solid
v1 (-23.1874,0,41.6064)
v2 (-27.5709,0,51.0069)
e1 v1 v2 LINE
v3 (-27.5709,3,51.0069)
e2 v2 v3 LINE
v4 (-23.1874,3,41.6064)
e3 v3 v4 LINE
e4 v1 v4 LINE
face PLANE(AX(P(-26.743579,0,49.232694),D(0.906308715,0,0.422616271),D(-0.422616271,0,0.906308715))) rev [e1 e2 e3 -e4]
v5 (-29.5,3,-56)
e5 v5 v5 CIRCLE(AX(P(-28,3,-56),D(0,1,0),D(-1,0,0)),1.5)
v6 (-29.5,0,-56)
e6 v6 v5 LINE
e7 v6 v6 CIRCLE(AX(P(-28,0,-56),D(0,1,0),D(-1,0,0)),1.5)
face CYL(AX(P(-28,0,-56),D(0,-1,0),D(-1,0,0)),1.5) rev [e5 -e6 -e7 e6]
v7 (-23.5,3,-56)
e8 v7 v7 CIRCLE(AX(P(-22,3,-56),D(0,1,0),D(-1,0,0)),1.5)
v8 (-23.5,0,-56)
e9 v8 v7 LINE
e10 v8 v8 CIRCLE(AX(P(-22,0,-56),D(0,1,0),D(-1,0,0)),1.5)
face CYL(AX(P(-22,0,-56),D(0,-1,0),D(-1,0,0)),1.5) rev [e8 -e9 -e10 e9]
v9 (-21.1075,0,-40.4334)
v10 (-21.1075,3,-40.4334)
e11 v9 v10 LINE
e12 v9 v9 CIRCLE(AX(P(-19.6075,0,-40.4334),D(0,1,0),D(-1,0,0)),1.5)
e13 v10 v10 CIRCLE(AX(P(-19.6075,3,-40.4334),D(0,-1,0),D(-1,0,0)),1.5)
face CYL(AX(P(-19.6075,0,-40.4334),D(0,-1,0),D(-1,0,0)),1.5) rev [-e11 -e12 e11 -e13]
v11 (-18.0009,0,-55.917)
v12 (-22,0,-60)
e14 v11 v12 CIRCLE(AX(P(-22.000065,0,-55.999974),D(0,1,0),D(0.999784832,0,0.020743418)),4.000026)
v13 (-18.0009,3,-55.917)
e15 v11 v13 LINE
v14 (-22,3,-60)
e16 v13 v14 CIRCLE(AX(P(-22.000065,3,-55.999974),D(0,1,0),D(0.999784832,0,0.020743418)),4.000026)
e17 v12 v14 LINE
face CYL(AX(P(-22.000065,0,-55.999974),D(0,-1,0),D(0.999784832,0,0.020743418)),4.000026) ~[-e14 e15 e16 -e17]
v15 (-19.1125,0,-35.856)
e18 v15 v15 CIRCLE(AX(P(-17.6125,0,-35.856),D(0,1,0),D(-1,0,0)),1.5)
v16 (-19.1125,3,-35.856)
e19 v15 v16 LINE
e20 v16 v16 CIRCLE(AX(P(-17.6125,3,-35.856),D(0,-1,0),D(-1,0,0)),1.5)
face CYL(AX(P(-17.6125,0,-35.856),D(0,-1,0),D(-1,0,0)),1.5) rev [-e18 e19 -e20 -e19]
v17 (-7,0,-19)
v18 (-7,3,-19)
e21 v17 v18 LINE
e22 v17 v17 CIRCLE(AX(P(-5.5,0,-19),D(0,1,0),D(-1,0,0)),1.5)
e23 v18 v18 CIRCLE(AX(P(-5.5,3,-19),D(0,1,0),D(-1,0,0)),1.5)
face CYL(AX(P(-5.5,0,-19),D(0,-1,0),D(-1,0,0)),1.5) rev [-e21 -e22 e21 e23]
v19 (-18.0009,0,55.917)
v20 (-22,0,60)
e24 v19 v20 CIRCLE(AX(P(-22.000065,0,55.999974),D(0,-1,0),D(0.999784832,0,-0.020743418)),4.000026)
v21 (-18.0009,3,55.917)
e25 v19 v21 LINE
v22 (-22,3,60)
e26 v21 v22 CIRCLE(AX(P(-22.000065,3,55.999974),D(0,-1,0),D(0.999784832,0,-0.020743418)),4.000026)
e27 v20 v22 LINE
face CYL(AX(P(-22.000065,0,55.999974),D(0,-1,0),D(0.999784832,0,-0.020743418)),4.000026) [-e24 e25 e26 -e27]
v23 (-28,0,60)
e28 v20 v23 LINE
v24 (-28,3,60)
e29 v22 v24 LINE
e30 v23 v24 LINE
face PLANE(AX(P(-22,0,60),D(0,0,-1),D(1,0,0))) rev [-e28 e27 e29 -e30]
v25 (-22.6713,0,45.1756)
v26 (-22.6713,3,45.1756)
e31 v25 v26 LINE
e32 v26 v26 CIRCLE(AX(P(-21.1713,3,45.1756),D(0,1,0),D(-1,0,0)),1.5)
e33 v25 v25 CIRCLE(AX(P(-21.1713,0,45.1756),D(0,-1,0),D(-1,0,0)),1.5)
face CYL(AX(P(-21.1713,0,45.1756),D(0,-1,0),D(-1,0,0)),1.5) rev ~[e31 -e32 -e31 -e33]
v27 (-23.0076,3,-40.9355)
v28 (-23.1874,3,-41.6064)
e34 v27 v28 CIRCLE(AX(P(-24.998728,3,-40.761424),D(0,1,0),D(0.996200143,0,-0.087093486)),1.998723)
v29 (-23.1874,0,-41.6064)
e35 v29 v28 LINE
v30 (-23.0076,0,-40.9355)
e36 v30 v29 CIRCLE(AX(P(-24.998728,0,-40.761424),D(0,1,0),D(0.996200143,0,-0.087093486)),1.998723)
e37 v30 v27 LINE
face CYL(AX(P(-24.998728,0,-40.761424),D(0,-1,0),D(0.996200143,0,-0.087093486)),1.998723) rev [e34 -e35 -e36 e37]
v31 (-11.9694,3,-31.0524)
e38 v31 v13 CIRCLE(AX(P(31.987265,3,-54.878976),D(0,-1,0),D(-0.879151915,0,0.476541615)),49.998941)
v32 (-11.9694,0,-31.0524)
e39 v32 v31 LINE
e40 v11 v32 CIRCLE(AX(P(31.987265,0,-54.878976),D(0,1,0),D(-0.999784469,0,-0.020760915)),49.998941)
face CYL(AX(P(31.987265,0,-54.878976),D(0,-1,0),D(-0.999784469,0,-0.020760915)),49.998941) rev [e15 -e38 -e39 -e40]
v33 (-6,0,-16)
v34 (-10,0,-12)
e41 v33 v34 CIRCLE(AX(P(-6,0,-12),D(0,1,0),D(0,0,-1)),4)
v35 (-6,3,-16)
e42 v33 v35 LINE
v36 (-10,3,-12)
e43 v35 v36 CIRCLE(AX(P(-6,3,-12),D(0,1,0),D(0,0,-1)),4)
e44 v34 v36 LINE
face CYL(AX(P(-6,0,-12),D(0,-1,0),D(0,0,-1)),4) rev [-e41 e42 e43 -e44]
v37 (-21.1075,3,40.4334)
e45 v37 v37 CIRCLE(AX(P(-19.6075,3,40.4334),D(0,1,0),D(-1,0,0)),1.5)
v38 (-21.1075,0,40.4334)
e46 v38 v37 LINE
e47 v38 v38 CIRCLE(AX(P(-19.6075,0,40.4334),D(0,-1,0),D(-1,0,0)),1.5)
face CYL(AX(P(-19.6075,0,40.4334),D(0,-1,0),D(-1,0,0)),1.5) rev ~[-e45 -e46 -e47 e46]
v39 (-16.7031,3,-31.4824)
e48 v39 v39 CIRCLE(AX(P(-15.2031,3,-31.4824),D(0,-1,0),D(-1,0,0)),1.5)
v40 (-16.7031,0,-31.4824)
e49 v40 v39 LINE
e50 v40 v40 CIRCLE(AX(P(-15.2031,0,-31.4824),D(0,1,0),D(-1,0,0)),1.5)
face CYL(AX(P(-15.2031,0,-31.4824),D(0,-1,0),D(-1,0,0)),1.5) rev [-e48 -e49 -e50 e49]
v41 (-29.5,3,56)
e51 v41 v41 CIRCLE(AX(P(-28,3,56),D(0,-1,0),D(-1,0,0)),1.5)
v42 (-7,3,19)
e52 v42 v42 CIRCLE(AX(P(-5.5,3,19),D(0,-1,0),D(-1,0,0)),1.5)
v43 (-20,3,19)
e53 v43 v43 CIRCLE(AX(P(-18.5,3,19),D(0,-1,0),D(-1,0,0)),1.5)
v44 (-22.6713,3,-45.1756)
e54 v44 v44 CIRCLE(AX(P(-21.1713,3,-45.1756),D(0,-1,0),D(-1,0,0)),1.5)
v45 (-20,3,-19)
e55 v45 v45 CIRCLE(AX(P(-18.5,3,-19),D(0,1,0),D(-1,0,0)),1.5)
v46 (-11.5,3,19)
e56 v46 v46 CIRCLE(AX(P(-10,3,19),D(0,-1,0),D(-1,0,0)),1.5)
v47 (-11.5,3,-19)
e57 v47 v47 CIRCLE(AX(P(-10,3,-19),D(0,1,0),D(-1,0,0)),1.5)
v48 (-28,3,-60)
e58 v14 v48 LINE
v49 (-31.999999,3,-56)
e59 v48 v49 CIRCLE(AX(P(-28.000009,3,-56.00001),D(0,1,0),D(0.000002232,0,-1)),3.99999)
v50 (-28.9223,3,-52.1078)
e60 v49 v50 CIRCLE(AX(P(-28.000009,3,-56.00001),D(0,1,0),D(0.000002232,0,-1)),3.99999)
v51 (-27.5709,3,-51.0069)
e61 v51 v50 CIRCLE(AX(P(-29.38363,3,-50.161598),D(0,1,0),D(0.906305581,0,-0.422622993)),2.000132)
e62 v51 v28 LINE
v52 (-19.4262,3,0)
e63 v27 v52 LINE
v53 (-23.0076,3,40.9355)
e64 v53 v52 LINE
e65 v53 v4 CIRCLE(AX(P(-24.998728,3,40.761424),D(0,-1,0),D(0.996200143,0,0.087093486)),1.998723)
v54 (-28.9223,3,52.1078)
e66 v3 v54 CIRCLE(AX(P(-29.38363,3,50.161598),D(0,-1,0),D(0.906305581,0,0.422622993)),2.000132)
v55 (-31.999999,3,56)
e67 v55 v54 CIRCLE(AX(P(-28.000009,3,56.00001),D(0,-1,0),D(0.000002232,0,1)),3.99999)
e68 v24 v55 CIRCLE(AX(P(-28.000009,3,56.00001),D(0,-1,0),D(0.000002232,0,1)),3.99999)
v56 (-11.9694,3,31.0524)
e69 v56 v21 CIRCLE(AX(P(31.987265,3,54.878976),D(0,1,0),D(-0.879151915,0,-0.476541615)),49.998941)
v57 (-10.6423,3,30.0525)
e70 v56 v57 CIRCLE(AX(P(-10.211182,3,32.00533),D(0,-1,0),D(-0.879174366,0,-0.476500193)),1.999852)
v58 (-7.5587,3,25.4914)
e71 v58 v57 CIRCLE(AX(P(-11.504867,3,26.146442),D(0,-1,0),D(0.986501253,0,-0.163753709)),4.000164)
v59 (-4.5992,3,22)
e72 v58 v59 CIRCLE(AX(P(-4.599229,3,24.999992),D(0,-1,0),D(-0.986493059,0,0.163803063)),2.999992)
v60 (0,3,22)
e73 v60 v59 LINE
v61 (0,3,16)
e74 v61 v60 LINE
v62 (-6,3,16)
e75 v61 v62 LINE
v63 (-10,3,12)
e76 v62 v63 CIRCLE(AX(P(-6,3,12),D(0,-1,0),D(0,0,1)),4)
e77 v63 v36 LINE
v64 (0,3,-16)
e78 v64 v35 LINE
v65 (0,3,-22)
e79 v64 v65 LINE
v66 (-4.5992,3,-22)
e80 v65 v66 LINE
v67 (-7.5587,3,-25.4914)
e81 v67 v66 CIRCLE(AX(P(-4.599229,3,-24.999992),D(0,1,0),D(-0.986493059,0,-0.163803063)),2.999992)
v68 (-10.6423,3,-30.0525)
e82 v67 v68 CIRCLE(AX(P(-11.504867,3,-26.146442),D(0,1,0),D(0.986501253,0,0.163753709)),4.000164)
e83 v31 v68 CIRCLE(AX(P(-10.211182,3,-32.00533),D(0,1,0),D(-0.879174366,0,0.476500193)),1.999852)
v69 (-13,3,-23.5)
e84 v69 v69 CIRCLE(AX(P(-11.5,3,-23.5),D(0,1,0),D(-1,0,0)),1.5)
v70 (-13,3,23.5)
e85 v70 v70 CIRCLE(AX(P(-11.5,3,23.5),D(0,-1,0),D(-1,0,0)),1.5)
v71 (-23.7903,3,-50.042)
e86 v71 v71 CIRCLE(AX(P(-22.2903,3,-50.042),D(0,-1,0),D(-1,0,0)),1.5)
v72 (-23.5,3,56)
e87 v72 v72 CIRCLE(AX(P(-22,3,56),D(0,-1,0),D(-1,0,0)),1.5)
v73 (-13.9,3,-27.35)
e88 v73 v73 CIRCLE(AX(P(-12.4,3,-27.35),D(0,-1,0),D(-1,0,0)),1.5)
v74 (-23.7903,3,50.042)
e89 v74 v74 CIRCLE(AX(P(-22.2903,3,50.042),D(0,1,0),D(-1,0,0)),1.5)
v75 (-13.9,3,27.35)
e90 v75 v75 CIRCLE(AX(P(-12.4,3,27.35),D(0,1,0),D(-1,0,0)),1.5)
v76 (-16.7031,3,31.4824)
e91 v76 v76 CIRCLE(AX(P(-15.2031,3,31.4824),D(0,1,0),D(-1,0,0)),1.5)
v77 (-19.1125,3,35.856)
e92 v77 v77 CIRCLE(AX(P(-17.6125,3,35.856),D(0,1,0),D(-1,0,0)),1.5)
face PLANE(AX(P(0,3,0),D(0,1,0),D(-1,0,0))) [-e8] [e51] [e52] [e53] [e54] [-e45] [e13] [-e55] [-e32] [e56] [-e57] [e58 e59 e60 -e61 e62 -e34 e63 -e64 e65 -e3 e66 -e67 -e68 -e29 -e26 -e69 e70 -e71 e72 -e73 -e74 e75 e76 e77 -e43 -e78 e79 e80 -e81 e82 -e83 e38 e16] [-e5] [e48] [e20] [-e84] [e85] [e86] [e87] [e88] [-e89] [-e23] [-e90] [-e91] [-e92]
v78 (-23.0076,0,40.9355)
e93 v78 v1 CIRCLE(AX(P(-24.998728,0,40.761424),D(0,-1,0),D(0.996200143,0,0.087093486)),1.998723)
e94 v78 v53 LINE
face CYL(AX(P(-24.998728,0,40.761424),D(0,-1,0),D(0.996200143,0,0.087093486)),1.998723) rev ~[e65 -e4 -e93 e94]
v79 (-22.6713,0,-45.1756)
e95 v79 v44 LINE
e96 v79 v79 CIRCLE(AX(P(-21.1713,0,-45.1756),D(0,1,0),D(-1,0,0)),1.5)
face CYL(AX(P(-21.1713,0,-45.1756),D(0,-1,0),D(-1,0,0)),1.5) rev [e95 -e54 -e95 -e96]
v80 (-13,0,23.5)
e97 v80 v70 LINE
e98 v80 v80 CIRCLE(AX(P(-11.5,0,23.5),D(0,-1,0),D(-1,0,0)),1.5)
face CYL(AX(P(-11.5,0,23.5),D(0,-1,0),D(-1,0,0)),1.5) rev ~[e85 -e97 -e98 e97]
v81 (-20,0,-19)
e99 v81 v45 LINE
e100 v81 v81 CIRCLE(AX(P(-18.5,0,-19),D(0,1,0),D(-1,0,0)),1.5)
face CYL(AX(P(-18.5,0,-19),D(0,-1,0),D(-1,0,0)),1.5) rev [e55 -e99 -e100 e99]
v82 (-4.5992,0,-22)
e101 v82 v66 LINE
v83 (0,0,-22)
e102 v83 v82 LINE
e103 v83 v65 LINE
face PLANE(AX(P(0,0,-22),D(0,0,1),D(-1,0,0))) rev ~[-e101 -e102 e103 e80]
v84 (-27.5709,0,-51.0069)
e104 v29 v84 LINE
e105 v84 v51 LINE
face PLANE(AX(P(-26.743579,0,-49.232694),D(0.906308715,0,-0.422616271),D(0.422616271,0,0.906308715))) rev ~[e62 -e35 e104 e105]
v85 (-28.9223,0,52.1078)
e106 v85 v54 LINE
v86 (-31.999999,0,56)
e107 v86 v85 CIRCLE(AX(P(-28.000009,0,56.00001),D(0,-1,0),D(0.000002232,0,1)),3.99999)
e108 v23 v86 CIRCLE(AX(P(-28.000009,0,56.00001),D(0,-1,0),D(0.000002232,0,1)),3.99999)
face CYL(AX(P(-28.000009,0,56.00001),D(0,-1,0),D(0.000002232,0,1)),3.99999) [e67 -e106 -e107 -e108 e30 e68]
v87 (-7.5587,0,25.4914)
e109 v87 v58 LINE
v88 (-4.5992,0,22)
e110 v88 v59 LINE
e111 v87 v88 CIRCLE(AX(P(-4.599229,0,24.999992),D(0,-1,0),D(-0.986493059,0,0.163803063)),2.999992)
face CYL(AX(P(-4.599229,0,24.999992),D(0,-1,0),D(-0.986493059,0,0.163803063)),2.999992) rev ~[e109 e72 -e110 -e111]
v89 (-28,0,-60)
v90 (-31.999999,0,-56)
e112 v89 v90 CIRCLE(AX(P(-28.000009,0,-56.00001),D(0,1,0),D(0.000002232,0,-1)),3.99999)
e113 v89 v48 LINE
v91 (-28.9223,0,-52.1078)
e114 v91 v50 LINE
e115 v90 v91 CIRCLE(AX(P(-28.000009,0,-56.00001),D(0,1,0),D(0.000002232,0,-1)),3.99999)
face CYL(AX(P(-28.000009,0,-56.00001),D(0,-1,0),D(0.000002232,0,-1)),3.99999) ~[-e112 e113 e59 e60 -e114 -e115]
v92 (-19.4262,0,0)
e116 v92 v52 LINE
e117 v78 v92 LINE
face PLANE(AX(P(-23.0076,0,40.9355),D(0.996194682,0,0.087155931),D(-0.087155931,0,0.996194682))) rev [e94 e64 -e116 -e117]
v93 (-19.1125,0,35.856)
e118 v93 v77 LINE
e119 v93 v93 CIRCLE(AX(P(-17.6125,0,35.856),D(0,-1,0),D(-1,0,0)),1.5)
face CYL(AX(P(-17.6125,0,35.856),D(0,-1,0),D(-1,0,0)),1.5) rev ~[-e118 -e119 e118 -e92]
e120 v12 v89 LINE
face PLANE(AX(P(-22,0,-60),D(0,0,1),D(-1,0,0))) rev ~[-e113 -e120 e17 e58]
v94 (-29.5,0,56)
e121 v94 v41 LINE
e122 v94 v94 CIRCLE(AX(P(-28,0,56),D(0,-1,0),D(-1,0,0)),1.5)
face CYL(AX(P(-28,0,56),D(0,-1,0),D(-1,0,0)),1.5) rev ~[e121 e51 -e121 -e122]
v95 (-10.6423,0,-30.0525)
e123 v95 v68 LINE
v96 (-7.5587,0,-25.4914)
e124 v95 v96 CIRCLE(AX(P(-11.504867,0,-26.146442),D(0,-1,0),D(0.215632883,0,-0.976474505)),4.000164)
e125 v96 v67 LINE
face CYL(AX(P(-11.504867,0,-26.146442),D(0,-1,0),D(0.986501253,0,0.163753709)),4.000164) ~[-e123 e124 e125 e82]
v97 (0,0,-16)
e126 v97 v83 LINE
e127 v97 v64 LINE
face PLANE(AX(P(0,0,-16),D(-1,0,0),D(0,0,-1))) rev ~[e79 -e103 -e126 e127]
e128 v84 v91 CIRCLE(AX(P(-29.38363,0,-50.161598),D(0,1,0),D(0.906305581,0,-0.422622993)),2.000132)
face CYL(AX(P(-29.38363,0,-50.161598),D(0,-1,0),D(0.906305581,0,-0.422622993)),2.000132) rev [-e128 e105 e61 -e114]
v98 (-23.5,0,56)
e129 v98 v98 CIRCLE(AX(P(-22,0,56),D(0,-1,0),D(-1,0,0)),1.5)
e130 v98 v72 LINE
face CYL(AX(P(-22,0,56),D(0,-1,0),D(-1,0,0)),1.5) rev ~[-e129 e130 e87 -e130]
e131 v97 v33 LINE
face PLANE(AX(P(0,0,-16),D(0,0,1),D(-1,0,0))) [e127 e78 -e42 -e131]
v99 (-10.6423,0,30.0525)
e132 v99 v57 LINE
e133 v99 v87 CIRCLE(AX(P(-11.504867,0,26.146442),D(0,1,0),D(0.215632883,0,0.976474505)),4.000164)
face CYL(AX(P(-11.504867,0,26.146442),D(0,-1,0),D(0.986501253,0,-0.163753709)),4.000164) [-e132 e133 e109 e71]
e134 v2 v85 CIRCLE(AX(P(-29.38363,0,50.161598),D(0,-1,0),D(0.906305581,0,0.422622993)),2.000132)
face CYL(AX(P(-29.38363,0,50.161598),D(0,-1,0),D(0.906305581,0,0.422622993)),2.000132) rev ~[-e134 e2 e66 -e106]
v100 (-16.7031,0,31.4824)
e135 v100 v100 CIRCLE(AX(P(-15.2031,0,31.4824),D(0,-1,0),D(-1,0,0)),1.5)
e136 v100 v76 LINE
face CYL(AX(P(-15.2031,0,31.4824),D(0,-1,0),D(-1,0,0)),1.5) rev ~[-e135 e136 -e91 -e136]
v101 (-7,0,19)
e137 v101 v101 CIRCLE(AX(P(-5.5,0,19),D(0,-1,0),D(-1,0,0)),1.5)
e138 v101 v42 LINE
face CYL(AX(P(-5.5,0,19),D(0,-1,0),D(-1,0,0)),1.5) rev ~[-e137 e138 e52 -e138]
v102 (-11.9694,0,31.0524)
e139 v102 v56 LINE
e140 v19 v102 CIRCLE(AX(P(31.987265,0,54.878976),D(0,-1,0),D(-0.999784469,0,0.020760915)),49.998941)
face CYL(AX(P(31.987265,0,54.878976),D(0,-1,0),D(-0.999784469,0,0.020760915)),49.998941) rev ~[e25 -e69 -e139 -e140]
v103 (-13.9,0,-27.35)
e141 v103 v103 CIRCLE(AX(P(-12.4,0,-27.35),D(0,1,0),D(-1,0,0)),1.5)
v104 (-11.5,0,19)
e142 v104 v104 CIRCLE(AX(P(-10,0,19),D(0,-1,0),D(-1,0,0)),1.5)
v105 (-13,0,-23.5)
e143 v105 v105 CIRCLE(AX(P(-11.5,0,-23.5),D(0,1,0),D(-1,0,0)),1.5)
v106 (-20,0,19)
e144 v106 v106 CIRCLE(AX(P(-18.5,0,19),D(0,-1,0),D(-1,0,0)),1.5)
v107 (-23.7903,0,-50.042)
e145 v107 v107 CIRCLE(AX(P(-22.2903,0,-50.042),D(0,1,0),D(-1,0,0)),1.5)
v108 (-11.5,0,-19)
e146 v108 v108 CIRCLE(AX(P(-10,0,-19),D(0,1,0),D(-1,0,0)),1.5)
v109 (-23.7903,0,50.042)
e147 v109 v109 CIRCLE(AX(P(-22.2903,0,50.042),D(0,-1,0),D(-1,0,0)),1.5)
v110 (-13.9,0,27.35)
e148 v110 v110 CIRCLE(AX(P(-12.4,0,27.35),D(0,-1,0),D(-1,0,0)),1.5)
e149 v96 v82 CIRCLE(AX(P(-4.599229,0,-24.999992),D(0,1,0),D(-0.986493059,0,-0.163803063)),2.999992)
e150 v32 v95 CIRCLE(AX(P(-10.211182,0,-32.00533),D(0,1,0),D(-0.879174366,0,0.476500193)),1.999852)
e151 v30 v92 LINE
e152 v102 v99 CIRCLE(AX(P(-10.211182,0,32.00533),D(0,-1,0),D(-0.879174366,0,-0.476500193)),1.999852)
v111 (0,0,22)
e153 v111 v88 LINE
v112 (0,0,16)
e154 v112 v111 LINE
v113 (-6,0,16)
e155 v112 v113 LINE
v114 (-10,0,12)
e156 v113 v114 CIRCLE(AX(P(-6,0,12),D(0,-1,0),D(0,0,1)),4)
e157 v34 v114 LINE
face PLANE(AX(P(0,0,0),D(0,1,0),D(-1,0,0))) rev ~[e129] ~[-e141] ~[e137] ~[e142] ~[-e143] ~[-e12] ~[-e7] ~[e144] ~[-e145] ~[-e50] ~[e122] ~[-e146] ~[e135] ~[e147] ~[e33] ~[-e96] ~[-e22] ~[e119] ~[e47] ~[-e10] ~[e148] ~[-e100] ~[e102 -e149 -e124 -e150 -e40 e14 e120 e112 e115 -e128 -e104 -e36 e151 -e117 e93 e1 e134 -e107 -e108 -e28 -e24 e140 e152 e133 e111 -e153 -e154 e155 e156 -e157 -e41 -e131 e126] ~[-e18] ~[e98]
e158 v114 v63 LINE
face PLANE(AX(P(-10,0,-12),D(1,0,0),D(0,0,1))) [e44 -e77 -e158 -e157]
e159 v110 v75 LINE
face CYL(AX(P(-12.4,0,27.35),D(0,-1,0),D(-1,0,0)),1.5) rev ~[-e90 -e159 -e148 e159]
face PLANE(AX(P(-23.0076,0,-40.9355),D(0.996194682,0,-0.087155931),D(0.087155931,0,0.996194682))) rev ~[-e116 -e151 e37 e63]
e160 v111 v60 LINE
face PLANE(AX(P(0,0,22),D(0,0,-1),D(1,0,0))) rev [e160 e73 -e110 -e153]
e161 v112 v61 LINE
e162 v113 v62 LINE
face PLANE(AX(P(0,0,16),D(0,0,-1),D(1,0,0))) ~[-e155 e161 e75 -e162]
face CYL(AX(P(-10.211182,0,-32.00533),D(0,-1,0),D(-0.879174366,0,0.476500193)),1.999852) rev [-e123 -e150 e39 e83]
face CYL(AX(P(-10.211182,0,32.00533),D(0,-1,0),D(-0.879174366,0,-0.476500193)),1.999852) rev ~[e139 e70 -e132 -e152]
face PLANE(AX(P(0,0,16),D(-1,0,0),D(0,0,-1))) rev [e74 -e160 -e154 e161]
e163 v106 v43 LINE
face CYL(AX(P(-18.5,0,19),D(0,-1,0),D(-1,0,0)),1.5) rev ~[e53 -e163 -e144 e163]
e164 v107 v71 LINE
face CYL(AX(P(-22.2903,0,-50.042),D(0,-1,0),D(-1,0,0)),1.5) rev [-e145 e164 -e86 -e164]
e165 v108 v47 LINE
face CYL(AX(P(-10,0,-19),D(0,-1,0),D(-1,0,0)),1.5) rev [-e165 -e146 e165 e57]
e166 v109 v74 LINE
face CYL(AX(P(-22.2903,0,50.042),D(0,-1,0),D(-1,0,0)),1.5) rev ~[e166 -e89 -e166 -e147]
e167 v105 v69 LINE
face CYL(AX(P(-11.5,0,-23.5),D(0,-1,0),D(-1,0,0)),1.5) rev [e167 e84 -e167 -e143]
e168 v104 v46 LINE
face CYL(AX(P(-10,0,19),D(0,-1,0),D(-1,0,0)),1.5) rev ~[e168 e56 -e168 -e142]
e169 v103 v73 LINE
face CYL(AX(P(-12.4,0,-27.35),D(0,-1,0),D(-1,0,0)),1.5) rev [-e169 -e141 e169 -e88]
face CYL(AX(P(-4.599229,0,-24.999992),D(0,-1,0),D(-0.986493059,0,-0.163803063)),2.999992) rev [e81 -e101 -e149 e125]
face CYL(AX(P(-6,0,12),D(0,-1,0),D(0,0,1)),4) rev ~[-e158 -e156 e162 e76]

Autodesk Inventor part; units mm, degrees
ref_plane "YZ Plane" through (0, 0, 0) normal (1, 0, 0) x (0, 1, 0)
ref_plane "XZ Plane" through (0, 0, 0) normal (0, 1, 0) x (-1, 0, 0)
ref_plane "XY Plane" through (0, 0, 0) normal (0, 0, 1) x (1, 0, 0)
sketch "Sketch1" plane through (0, 0, 0) normal (0, 1, 0) x (-1, 0, 0)
  line L0 (0, -16) -> (0, -22)
  line L1 (0, -22) -> (4.5992, -22)
  arc A0 (7.5587, -25.4914) -> (4.5992, -22) centre (4.5992, -25) ccw
  arc A1 (7.5587, -25.4914) -> (10.6423, -30.0525) centre (11.5046, -26.1465) ccw
  arc A2 (18.0009, -55.917) -> (11.9694, -31.0524) centre (-31.9884, -54.8791) ccw
  arc A3 (18.0009, -55.917) -> (22, -60) centre (22, -56) ccw
  line L2 (22, -60) -> (28, -60)
  arc A4 (28, -60) -> (28.9223, -52.1078) centre (28, -56) ccw
  line L3 (27.5709, -51.0069) -> (23.1874, -41.6064)
  line L4 (23.0076, -40.9355) -> (19.4262, 0)
  arc A5 (11.9694, -31.0524) -> (10.6423, -30.0525) centre (10.2111, -32.0054) ccw
  line L5 (0, -16) -> (6, -16)
  line L6 (10, -12) -> (10, 0)
  arc A6 (6, -16) -> (10, -12) centre (6, -12) ccw
  arc A7 (22.2903, -50.042) -> (12.4, -27.35) centre (-30.8395, -59.6973) ccw
  line L7 (28, -56) -> (42.0245, -56)
  line L8 (22.2903, -50.042) -> (35.4778, -47.6454)
  line L9 (-30.8395, -59.6973) -> (22.2903, -50.042)
  line L10 (-30.8395, -59.6973) -> (12.4, -27.35)
  circle A8 centre (22.2903, -50.042) radius 1.5
  circle A9 centre (21.1713, -45.1756) radius 1.5
  circle A10 centre (19.6075, -40.4334) radius 1.5
  circle A11 centre (17.6125, -35.856) radius 1.5
  circle A12 centre (15.2031, -31.4824) radius 1.5
  circle A13 centre (12.4, -27.35) radius 1.5
  circle A14 centre (5.5, -19) radius 1.5
  circle A15 centre (10, -19) radius 1.5
  circle A16 centre (18.5, -19) radius 1.5
  circle A17 centre (11.5, -23.5) radius 1.5
  circle A18 centre (28, -56) radius 1.5
  circle A19 centre (22, -56) radius 1.5
  arc A20 (23.0076, -40.9355) -> (23.1874, -41.6064) centre (25, -40.7612) ccw
  arc A21 (27.5709, -51.0069) -> (28.9223, -52.1078) centre (29.3835, -50.1617) ccw
  line L11 (19.4262, 0) -> (10, 0)
  point P0 (0, 0)
  point P1 (28.0341, -52.0001)
  dimension "d0" = 28
  dimension "d1" = 0
  dimension "d2" = 2
  dimension "d3" = 4
  dimension "d4" = 12
  dimension "d5" = 0
  dimension "d6" = 10
  dimension "d8" = 5
  dimension "d9" = 20
  dimension "d10" = 4
  dimension "d11" = 4
  dimension "d12" = 50
  dimension "d13" = 4
  dimension "d14" = 3
  dimension "d15" = 54
  dimension "d16" = 10.3
  dimension "d17" = 26.5
  dimension "d18" = 27.35
  dimension "d19" = 12.4
  dimension "d20" = 3
  dimension "d21" = 56
  dimension "d22" = 0
  dimension "d25" = 26.5
  dimension "d28" = 3
  dimension "d29" = 3
  dimension "d30" = 3
  dimension "d31" = 5.5
  dimension "d32" = 4.5
  dimension "d34" = 19
  dimension "d35" = 3
  dimension "d36" = 4.5
  dimension "d38" = 13
  dimension "d39" = 3
  dimension "d40" = 6
  dimension "d42" = 3
  dimension "d43" = 3
  dimension "d44" = 2
extrude "Extrusion2" add sketch "Sketch1" along normal blind 3 contours L5 A6 L6 L11 L4 A20 L3 L8 A8 A7 A9 A10 A11 A12 A13 L10 A1 A0 L1 L0 | L10 A13 A7 A12 A11 A10 A9 A8 L9 A2 A5 A1 | L9 A8 L8 L3 A21 A4 L2 A3 A2
mirror "Mirror1" about plane through (-19.4262, 0, 0) normal (0, 0, 1) of "Extrusion2"
properties part number "500-120"
